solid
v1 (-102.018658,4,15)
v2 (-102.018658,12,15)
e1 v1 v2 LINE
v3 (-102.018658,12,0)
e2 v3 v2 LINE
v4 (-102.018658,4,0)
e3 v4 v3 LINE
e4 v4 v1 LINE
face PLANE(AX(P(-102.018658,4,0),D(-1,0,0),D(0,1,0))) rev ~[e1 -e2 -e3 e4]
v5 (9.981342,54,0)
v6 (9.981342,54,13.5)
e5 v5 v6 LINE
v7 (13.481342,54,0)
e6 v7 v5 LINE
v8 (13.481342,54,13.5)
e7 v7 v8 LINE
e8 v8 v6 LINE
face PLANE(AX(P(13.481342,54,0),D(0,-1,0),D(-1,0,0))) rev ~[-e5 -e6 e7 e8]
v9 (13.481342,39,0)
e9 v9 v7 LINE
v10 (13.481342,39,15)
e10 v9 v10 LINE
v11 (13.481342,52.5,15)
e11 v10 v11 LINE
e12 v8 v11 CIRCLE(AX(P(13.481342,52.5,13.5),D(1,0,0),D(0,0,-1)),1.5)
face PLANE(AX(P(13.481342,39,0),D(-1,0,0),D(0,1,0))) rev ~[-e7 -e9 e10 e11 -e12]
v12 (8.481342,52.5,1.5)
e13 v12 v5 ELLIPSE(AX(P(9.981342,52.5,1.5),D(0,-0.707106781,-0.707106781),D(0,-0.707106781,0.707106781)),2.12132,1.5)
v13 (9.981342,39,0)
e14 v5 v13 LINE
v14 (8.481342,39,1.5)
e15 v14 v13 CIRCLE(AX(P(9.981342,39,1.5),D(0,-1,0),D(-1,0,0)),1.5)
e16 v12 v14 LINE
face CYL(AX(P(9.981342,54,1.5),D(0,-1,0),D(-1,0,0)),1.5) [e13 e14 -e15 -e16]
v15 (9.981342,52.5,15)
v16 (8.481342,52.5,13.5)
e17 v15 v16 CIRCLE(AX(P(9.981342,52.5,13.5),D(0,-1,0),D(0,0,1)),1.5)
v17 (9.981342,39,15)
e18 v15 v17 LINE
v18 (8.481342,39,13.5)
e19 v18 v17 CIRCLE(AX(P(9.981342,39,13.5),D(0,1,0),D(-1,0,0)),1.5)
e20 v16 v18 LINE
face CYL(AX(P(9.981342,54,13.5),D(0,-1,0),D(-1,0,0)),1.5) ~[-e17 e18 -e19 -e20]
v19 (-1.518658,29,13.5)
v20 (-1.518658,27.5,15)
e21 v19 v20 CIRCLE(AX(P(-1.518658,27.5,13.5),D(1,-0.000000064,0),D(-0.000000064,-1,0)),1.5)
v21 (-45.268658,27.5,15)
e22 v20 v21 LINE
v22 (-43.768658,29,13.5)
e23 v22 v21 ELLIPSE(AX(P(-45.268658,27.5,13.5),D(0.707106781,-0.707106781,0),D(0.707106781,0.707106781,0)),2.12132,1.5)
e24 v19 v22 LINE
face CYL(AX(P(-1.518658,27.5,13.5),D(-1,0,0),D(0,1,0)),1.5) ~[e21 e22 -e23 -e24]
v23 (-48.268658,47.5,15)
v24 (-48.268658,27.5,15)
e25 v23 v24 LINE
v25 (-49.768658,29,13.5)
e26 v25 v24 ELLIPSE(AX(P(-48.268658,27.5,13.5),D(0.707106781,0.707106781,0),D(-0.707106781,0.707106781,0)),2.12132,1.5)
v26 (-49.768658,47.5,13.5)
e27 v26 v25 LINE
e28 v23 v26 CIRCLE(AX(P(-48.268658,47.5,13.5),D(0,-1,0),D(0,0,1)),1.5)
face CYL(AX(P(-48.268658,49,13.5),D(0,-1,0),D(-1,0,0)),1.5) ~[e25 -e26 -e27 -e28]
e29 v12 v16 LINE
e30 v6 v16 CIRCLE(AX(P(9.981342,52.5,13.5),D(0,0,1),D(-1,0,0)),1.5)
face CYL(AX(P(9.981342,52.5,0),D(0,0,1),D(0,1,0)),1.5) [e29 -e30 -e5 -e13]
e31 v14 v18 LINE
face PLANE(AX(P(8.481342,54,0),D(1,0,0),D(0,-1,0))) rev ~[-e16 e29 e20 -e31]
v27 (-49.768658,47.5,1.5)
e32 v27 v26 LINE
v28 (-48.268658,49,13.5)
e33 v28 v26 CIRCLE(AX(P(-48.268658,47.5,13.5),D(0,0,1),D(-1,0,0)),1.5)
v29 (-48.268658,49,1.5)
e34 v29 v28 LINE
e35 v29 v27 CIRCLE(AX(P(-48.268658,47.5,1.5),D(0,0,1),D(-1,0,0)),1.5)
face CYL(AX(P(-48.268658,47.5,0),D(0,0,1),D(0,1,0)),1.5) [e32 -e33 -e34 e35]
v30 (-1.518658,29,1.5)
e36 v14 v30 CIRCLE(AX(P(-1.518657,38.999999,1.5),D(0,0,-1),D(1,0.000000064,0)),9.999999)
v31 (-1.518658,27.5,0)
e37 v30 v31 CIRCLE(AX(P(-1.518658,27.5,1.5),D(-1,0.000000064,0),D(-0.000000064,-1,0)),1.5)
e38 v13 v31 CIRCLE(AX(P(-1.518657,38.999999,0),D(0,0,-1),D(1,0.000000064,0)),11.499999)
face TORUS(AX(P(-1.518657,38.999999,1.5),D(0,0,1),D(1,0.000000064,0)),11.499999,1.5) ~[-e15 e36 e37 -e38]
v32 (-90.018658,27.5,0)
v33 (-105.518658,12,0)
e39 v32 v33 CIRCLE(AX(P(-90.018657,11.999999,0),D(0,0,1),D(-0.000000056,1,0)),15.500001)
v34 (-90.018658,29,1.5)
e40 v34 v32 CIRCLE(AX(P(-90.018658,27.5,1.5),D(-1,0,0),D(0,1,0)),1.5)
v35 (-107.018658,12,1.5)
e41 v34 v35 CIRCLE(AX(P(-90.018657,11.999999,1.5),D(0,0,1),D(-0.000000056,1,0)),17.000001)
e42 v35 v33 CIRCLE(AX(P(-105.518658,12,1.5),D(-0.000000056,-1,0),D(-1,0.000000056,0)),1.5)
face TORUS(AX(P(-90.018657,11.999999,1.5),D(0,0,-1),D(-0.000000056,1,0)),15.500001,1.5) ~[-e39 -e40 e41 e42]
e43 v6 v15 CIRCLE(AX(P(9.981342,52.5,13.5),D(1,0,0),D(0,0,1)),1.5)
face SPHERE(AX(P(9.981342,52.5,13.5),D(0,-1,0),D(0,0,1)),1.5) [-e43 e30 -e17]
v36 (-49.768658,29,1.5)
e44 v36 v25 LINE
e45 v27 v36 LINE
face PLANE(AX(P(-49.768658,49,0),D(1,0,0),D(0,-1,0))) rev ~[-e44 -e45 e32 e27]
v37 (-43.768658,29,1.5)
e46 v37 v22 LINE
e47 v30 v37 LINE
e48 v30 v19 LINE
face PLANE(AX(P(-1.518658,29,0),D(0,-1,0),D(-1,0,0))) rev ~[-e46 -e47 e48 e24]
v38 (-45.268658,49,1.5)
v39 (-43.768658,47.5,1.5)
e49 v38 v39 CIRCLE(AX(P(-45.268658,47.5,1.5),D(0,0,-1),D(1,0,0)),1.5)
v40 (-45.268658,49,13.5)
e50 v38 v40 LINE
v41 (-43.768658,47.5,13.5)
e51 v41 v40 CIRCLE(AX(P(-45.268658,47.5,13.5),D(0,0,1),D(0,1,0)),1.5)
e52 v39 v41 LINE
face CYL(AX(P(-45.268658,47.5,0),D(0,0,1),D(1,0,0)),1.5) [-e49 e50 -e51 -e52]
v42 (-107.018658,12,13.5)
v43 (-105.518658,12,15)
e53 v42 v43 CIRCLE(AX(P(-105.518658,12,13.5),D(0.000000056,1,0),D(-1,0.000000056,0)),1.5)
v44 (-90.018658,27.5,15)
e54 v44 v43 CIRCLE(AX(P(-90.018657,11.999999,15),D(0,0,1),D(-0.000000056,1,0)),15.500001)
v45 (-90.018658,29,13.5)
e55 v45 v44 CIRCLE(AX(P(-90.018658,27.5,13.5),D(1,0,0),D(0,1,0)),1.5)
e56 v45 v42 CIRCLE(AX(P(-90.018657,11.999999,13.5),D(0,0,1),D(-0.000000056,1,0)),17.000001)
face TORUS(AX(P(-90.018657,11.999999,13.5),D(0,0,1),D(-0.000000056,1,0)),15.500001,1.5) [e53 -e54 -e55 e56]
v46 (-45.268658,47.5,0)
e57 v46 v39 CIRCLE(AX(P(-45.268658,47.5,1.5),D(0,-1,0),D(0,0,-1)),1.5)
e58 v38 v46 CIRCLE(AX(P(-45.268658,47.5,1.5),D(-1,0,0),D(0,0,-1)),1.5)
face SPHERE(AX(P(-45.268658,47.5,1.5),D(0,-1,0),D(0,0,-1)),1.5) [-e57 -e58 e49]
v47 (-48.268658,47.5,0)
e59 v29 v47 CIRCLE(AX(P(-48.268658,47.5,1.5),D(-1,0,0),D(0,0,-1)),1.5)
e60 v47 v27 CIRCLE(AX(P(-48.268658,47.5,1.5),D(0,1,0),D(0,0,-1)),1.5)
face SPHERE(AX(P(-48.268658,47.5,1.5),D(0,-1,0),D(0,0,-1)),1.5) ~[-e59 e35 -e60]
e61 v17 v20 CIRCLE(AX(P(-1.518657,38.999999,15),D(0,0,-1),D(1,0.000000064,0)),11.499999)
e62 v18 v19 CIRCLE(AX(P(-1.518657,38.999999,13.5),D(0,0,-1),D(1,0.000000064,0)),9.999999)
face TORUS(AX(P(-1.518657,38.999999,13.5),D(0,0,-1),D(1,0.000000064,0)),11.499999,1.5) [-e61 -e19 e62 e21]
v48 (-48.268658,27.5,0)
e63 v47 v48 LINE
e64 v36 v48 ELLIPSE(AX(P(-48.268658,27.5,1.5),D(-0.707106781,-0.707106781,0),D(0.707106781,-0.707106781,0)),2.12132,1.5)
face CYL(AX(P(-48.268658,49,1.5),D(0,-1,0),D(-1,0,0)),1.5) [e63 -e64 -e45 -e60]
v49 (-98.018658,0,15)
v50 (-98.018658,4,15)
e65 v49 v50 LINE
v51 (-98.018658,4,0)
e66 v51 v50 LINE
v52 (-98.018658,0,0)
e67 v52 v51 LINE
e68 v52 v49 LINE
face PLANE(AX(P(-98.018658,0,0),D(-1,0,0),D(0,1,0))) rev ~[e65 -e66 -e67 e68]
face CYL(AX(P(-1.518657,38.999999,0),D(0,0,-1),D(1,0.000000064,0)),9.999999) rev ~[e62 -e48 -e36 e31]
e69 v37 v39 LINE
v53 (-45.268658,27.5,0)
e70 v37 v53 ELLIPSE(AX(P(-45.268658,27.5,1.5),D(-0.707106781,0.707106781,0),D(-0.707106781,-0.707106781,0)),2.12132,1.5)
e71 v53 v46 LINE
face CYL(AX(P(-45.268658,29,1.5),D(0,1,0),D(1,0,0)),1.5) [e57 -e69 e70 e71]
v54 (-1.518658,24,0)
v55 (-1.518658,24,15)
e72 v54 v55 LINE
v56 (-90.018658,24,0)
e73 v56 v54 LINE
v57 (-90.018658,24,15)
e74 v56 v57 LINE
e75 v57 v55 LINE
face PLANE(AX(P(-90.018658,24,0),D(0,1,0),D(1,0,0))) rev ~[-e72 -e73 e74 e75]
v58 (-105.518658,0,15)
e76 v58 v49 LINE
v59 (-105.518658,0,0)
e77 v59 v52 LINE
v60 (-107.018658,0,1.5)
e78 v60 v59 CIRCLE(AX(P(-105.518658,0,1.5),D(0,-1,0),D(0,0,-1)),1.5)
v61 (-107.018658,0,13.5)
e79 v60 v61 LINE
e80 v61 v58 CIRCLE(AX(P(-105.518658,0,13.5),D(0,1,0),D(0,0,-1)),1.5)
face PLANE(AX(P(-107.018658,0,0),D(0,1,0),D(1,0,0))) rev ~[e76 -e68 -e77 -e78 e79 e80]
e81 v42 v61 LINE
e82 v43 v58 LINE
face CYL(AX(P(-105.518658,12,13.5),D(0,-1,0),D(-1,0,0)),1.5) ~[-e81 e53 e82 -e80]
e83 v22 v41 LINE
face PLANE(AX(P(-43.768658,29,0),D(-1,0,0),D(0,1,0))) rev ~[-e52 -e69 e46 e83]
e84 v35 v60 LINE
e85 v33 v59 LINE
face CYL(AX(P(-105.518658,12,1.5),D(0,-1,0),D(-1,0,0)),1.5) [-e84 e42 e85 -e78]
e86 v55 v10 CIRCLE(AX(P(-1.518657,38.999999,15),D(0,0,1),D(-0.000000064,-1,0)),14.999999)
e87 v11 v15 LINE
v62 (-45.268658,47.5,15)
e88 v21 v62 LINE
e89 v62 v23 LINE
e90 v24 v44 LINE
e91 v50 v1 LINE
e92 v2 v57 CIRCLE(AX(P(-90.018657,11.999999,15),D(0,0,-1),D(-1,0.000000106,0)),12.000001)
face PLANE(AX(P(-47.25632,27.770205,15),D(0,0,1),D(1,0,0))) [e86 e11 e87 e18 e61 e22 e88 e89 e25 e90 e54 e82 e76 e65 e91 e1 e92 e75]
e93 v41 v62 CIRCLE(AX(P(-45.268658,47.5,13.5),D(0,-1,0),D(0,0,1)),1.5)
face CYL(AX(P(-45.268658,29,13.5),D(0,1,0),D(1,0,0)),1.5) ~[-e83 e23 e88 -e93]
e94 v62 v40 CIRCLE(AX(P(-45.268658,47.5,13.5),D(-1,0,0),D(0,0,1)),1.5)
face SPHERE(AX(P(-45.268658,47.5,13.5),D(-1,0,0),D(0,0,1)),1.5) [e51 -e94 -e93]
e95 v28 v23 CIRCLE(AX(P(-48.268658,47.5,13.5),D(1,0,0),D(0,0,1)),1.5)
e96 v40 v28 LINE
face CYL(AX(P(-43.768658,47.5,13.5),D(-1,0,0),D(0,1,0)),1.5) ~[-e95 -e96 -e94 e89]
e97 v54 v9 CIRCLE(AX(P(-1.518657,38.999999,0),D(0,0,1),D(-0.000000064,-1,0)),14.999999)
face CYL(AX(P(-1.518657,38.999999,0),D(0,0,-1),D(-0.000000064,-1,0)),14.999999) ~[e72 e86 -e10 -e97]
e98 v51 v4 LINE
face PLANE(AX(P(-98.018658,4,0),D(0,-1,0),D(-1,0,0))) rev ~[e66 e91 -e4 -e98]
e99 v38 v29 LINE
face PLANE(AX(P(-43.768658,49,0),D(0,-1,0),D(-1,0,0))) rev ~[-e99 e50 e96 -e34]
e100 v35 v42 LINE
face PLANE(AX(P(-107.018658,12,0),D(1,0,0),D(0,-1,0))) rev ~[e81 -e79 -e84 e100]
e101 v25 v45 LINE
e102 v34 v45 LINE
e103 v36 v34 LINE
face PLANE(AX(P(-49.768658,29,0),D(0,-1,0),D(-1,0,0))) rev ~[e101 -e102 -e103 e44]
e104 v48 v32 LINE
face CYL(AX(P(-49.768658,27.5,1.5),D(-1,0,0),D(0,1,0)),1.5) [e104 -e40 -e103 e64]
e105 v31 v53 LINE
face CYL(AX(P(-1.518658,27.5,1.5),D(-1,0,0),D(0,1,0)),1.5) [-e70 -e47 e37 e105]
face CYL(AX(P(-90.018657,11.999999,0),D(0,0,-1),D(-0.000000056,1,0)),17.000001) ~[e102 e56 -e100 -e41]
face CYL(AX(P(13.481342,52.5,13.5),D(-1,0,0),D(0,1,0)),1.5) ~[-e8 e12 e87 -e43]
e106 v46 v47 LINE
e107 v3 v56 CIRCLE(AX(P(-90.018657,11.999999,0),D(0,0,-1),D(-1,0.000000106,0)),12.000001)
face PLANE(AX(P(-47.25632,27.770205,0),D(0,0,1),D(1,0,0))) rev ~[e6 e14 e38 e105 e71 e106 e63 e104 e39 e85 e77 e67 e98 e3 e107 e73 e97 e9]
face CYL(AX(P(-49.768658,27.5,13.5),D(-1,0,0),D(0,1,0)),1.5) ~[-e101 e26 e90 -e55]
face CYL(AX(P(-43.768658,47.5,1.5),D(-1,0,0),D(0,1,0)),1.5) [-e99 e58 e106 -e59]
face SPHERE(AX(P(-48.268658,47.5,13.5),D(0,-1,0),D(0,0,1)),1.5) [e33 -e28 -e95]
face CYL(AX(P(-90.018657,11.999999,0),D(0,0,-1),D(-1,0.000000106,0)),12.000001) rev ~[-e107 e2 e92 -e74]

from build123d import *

# Parameters (mm, degrees)
F1_DEPTH = 15
F2_R     = 1.5


with BuildPart() as f1:
    # F0 (on Top) → F1 (new body)
    with BuildSketch(Plane.XY):
        with BuildLine():
            Line((-49.768658, 29), (-90.018658, 29))
            ThreePointArc((-90.018658, 29), (-102.039473, 24.020815), (-107.018658, 12))
            Line((-107.018658, 12), (-107.018658, 0))
            Line((-107.018658, 0), (-102.018658, 0))
            Line((-102.018658, 0), (-98.018658, 0))
            Line((-98.018658, 0), (-98.018658, 4))
            Line((-98.018658, 4), (-102.018658, 4))
            Line((-102.018658, 4), (-102.018658, 12))
            ThreePointArc((-102.018658, 12), (-98.503939, 20.485281), (-90.018658, 24))
            Line((-90.018658, 24), (-1.518658, 24))
            ThreePointArc((-1.518658, 24), (9.087944, 28.393398), (13.481342, 39))
            Line((13.481342, 39), (13.481342, 54))
            Line((13.481342, 54), (8.481342, 54))
            Line((8.481342, 54), (8.481342, 39))
            ThreePointArc((8.481342, 39), (5.55241, 31.928932), (-1.518658, 29))
            Line((-1.518658, 29), (-43.768658, 29))
            Line((-43.768658, 29), (-43.768658, 49))
            Line((-43.768658, 49), (-49.768658, 49))
            Line((-49.768658, 49), (-49.768658, 29))
        make_face()
    extrude(amount=F1_DEPTH)

    # F2
    f2_edges = [f1.edges().sort_by_distance(p)[0] for p in [
        (5.55241, 31.928932, 0),
        (-43.768658, 39, 0),
        (-49.768658, 39, 0),
        (-69.893658, 29, 0),
        (-46.768658, 49, 0),
        (-102.039473, 24.020815, 15),
        (-107.018658, 6, 15),
        (-49.768658, 39, 15),
        (-46.768658, 49, 15),
        (-43.768658, 39, 15),
        (-22.643658, 29, 15),
        (10.981342, 54, 15),
        (-49.768658, 49, 7.5),
        (-43.768658, 49, 7.5),
        (8.481342, 54, 7.5),
    ]]
    fillet(f2_edges, radius=F2_R)


solid = f1.part
